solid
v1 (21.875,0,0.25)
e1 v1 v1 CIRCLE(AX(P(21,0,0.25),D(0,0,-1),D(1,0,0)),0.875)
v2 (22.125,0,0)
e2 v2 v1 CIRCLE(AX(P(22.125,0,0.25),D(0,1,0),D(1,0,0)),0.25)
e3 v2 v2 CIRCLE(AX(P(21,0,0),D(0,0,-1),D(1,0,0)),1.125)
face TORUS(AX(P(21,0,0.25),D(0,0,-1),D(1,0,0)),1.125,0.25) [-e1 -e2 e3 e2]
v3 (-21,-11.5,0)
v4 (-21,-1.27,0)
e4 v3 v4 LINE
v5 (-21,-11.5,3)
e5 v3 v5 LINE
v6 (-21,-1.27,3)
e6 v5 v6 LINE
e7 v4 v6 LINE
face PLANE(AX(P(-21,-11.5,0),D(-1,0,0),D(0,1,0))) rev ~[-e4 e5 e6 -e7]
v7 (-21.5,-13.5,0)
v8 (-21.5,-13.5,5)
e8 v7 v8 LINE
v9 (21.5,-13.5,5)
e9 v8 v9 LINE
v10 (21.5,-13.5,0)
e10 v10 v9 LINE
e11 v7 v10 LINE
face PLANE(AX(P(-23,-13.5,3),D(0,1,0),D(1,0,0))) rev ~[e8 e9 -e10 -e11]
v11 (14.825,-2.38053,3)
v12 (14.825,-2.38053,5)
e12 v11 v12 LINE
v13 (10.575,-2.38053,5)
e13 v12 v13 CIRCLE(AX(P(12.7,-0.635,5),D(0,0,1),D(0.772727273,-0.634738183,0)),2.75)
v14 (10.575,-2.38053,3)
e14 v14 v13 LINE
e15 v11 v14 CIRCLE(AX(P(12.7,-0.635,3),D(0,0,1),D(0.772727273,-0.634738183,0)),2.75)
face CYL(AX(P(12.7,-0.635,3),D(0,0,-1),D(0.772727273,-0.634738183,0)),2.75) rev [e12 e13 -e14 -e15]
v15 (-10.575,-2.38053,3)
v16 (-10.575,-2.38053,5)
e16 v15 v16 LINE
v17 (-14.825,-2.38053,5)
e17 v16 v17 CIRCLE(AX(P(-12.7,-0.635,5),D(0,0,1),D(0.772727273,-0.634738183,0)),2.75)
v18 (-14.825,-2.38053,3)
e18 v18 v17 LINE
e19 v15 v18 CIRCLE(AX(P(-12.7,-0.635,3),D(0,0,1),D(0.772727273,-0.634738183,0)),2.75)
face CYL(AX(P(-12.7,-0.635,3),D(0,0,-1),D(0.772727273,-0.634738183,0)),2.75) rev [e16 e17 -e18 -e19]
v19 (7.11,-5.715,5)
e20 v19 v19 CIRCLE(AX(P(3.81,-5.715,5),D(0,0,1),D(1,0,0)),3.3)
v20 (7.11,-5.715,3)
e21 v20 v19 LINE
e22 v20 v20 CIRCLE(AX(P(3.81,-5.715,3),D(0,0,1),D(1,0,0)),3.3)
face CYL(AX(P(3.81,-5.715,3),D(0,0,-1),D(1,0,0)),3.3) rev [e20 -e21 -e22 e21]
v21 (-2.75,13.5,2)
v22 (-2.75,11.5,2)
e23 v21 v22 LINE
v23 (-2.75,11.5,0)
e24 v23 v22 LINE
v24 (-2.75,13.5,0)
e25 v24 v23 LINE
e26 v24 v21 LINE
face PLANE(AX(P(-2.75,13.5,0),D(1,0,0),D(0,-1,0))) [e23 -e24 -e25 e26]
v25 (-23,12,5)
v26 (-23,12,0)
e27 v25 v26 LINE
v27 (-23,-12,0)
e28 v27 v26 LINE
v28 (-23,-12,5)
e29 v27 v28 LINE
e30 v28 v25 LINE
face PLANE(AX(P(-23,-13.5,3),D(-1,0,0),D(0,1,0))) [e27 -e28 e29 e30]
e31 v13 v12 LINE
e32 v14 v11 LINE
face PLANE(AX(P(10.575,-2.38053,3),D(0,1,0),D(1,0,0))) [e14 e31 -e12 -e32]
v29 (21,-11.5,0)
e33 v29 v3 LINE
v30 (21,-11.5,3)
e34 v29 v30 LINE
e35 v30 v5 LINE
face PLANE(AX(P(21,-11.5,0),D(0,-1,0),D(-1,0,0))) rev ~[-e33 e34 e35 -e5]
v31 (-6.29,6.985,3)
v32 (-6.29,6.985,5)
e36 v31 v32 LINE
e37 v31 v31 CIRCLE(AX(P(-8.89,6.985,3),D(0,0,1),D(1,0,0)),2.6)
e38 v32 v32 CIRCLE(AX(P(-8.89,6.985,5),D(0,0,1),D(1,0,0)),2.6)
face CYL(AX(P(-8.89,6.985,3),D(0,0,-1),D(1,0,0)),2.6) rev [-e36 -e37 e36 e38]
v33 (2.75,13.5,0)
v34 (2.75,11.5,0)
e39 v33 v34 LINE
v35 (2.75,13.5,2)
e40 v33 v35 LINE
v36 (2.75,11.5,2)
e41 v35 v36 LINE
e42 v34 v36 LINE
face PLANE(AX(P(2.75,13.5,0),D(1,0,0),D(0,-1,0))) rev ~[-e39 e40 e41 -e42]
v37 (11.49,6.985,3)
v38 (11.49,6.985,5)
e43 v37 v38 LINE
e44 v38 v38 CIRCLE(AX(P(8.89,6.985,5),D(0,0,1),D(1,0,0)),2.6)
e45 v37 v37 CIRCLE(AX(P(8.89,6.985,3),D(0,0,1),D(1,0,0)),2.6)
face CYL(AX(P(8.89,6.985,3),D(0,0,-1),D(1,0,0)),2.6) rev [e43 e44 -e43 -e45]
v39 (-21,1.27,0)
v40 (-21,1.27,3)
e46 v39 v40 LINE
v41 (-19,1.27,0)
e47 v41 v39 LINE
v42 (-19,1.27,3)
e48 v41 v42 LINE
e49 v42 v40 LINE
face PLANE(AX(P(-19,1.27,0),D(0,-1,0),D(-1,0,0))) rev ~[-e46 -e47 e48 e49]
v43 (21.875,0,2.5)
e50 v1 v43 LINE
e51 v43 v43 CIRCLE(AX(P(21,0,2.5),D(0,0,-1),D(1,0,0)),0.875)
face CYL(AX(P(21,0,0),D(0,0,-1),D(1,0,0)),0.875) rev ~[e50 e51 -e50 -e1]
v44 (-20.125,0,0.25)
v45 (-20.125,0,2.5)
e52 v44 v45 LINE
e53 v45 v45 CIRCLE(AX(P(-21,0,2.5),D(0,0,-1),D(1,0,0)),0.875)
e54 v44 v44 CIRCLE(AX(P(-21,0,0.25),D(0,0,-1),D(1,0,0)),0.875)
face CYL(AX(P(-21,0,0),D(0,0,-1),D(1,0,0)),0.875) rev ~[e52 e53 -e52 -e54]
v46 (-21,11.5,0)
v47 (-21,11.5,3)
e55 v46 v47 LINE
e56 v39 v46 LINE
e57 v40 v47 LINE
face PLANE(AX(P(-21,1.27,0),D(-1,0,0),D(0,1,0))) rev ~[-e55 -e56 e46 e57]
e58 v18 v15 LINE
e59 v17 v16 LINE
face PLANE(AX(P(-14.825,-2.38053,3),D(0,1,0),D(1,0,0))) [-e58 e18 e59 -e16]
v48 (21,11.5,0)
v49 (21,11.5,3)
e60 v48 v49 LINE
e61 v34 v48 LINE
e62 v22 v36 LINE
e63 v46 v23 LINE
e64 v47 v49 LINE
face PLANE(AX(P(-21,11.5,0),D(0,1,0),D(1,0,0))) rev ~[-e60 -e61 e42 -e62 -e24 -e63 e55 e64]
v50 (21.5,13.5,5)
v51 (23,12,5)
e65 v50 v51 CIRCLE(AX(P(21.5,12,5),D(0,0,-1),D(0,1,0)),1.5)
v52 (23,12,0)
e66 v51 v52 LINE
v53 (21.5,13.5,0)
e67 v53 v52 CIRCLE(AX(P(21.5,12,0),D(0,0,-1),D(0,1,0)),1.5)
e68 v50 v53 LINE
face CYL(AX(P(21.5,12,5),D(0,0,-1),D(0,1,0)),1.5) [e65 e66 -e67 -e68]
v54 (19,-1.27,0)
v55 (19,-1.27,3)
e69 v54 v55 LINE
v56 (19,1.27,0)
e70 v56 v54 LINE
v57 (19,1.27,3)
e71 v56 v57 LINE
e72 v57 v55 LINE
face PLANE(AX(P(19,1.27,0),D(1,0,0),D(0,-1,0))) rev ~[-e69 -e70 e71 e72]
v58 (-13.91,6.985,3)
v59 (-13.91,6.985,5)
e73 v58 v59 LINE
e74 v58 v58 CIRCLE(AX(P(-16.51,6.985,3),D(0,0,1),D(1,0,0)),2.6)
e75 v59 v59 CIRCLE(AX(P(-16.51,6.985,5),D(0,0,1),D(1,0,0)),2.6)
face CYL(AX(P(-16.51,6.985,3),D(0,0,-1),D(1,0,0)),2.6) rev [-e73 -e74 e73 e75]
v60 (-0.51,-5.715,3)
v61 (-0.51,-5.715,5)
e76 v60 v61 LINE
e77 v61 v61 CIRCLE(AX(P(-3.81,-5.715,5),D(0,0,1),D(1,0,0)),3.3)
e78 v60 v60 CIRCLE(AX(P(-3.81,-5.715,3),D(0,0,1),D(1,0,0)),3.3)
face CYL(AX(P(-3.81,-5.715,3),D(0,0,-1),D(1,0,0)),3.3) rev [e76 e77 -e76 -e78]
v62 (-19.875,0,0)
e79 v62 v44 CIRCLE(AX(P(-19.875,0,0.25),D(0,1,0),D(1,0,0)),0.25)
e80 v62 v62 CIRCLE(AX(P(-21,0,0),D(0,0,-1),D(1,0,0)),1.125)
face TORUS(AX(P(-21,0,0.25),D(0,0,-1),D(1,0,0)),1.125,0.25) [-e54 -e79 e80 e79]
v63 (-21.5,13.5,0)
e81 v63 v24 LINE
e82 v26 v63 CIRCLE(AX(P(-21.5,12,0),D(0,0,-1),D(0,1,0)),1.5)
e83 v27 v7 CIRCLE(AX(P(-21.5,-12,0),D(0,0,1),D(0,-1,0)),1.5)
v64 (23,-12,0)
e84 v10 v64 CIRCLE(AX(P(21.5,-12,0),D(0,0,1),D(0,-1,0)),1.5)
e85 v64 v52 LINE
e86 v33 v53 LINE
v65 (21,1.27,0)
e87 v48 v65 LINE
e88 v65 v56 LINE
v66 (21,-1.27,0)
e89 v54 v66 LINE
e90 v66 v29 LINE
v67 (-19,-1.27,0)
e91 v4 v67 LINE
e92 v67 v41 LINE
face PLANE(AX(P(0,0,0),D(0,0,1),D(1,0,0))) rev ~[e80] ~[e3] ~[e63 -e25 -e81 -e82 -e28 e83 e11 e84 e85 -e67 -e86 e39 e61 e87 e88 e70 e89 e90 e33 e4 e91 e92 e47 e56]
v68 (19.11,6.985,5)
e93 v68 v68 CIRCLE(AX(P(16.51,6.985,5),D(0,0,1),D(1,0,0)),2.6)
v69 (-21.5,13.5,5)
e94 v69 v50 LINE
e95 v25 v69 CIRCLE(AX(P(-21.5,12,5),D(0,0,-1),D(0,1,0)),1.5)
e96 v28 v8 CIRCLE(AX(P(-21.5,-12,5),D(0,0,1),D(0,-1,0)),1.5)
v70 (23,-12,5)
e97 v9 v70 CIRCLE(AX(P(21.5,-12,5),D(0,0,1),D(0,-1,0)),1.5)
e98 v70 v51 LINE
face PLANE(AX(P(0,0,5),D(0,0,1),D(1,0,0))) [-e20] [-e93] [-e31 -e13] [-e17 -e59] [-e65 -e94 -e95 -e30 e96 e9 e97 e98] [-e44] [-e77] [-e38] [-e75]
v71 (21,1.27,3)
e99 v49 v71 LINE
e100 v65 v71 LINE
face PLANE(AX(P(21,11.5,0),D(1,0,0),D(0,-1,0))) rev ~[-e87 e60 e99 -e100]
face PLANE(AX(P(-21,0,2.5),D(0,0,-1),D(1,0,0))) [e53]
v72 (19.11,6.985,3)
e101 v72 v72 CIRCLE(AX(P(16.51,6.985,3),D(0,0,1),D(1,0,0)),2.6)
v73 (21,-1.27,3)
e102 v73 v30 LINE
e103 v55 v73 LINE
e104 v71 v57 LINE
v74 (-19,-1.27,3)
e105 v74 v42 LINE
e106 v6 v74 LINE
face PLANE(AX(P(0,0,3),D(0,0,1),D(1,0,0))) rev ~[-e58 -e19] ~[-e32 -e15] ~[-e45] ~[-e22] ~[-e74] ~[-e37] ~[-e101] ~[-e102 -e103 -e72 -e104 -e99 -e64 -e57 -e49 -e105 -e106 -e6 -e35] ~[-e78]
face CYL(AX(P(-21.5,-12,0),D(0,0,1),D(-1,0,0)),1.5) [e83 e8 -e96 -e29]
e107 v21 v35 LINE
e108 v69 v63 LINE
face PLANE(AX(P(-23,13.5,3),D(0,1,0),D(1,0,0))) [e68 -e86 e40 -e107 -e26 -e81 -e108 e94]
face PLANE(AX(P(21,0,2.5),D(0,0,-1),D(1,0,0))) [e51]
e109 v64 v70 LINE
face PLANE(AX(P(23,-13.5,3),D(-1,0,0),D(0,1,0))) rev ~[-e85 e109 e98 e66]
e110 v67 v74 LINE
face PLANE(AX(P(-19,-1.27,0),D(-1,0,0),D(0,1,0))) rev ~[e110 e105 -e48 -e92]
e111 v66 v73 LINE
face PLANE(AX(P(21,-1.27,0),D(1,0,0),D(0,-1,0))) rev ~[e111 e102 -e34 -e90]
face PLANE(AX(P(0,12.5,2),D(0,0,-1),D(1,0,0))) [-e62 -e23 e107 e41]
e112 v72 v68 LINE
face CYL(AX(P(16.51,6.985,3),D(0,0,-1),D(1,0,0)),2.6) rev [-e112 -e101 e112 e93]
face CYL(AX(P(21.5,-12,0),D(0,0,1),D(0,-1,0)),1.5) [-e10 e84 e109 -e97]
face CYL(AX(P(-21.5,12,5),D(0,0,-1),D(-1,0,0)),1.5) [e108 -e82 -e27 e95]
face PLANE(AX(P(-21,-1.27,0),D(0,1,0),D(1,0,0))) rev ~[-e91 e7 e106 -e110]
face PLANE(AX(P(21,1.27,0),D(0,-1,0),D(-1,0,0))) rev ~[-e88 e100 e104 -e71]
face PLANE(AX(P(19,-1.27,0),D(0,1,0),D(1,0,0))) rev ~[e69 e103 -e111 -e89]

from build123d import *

# Parameters (mm, degrees)
SKETCH_W        = 46
SKETCH_H        = 27
PAD_DEPTH       = 3
SKETCH001_W     = 46
SKETCH001_H     = 27
SKETCH001_R     = 2.6
SKETCH001_R_2   = 3.3
PAD001_DEPTH    = 2
SKETCH002_W     = 5.5
SKETCH002_H     = 2
POCKET_DEPTH    = 2
SKETCH003_R     = 0.875
POCKET001_DEPTH = 2.5
FILLET_R        = 1.5
FILLET001_R     = 0.25


with BuildPart() as part:
    # Sketch → Pad (new body)
    with BuildSketch(Plane.XY):
        Rectangle(SKETCH_W, SKETCH_H)
        Polygon((-21, 11.5), (21, 11.5), (21, 1.27), (19, 1.27), (19, -1.27), (21, -1.27), (21, -11.5), (-21, -11.5), (-21, -1.27), (-19, -1.27), (-19, 1.27), (-21, 1.27), align=None, mode=Mode.SUBTRACT)
    extrude(amount=PAD_DEPTH)

    # Sketch001 (on Face18 of Pad) → Pad001 (join)
    with BuildSketch(Plane.XY.offset(3)):
        Rectangle(SKETCH001_W, SKETCH001_H)
        with Locations((-16.51, 6.985)):
            Circle(SKETCH001_R, mode=Mode.SUBTRACT)
        with Locations((-8.89, 6.985)):
            Circle(SKETCH001_R, mode=Mode.SUBTRACT)
        with Locations((8.89, 6.985)):
            Circle(SKETCH001_R, mode=Mode.SUBTRACT)
        with Locations((16.51, 6.985)):
            Circle(SKETCH001_R, mode=Mode.SUBTRACT)
        with Locations((-3.81, -5.715)):
            Circle(SKETCH001_R_2, mode=Mode.SUBTRACT)
        with Locations((3.81, -5.715)):
            Circle(SKETCH001_R_2, mode=Mode.SUBTRACT)
        with BuildLine():
            ThreePointArc((-10.575, -2.38053), (-12.7, 2.115), (-14.825, -2.38053))
            Line((-14.825, -2.38053), (-10.575, -2.38053))
        make_face(mode=Mode.SUBTRACT)
        with BuildLine():
            ThreePointArc((14.825, -2.38053), (12.7, 2.115), (10.575, -2.38053))
            Line((10.575, -2.38053), (14.825, -2.38053))
        make_face(mode=Mode.SUBTRACT)
    extrude(amount=PAD001_DEPTH)

    # Sketch002 (on Face4 of Pad001) → Pocket (cut)
    with BuildSketch(Plane(origin=(0, 0, 0), x_dir=(1, 0, 0), z_dir=(0, 0, -1))):
        with Locations((0, -12.5)):
            Rectangle(SKETCH002_W, SKETCH002_H)
    extrude(amount=-POCKET_DEPTH, mode=Mode.SUBTRACT)

    # Sketch003 (on Face2 of Pocket) → Pocket001 (cut)
    with BuildSketch(Plane(origin=(0, 0, 0), x_dir=(1, 0, 0), z_dir=(0, 0, -1))):
        with Locations((21, 0)):
            Circle(SKETCH003_R)
        with Locations((-21, 0)):
            Circle(SKETCH003_R)
    extrude(amount=-POCKET001_DEPTH, mode=Mode.SUBTRACT)

    # Fillet
    fillet_edges = [part.edges().sort_by_distance(p)[0] for p in [
        (-23, -13.5, 1.5),
        (23, -13.5, 1.5),
        (-23, 13.5, 1.5),
        (23, 13.5, 1.5),
    ]]
    fillet(fillet_edges, radius=FILLET_R)

    # Fillet001
    fillet001_edges = [part.edges().sort_by_distance(p)[0] for p in [
        (-21.875, 0, 0),
        (20.125, 0, 0),
    ]]
    fillet(fillet001_edges, radius=FILLET001_R)


solid = part.part
